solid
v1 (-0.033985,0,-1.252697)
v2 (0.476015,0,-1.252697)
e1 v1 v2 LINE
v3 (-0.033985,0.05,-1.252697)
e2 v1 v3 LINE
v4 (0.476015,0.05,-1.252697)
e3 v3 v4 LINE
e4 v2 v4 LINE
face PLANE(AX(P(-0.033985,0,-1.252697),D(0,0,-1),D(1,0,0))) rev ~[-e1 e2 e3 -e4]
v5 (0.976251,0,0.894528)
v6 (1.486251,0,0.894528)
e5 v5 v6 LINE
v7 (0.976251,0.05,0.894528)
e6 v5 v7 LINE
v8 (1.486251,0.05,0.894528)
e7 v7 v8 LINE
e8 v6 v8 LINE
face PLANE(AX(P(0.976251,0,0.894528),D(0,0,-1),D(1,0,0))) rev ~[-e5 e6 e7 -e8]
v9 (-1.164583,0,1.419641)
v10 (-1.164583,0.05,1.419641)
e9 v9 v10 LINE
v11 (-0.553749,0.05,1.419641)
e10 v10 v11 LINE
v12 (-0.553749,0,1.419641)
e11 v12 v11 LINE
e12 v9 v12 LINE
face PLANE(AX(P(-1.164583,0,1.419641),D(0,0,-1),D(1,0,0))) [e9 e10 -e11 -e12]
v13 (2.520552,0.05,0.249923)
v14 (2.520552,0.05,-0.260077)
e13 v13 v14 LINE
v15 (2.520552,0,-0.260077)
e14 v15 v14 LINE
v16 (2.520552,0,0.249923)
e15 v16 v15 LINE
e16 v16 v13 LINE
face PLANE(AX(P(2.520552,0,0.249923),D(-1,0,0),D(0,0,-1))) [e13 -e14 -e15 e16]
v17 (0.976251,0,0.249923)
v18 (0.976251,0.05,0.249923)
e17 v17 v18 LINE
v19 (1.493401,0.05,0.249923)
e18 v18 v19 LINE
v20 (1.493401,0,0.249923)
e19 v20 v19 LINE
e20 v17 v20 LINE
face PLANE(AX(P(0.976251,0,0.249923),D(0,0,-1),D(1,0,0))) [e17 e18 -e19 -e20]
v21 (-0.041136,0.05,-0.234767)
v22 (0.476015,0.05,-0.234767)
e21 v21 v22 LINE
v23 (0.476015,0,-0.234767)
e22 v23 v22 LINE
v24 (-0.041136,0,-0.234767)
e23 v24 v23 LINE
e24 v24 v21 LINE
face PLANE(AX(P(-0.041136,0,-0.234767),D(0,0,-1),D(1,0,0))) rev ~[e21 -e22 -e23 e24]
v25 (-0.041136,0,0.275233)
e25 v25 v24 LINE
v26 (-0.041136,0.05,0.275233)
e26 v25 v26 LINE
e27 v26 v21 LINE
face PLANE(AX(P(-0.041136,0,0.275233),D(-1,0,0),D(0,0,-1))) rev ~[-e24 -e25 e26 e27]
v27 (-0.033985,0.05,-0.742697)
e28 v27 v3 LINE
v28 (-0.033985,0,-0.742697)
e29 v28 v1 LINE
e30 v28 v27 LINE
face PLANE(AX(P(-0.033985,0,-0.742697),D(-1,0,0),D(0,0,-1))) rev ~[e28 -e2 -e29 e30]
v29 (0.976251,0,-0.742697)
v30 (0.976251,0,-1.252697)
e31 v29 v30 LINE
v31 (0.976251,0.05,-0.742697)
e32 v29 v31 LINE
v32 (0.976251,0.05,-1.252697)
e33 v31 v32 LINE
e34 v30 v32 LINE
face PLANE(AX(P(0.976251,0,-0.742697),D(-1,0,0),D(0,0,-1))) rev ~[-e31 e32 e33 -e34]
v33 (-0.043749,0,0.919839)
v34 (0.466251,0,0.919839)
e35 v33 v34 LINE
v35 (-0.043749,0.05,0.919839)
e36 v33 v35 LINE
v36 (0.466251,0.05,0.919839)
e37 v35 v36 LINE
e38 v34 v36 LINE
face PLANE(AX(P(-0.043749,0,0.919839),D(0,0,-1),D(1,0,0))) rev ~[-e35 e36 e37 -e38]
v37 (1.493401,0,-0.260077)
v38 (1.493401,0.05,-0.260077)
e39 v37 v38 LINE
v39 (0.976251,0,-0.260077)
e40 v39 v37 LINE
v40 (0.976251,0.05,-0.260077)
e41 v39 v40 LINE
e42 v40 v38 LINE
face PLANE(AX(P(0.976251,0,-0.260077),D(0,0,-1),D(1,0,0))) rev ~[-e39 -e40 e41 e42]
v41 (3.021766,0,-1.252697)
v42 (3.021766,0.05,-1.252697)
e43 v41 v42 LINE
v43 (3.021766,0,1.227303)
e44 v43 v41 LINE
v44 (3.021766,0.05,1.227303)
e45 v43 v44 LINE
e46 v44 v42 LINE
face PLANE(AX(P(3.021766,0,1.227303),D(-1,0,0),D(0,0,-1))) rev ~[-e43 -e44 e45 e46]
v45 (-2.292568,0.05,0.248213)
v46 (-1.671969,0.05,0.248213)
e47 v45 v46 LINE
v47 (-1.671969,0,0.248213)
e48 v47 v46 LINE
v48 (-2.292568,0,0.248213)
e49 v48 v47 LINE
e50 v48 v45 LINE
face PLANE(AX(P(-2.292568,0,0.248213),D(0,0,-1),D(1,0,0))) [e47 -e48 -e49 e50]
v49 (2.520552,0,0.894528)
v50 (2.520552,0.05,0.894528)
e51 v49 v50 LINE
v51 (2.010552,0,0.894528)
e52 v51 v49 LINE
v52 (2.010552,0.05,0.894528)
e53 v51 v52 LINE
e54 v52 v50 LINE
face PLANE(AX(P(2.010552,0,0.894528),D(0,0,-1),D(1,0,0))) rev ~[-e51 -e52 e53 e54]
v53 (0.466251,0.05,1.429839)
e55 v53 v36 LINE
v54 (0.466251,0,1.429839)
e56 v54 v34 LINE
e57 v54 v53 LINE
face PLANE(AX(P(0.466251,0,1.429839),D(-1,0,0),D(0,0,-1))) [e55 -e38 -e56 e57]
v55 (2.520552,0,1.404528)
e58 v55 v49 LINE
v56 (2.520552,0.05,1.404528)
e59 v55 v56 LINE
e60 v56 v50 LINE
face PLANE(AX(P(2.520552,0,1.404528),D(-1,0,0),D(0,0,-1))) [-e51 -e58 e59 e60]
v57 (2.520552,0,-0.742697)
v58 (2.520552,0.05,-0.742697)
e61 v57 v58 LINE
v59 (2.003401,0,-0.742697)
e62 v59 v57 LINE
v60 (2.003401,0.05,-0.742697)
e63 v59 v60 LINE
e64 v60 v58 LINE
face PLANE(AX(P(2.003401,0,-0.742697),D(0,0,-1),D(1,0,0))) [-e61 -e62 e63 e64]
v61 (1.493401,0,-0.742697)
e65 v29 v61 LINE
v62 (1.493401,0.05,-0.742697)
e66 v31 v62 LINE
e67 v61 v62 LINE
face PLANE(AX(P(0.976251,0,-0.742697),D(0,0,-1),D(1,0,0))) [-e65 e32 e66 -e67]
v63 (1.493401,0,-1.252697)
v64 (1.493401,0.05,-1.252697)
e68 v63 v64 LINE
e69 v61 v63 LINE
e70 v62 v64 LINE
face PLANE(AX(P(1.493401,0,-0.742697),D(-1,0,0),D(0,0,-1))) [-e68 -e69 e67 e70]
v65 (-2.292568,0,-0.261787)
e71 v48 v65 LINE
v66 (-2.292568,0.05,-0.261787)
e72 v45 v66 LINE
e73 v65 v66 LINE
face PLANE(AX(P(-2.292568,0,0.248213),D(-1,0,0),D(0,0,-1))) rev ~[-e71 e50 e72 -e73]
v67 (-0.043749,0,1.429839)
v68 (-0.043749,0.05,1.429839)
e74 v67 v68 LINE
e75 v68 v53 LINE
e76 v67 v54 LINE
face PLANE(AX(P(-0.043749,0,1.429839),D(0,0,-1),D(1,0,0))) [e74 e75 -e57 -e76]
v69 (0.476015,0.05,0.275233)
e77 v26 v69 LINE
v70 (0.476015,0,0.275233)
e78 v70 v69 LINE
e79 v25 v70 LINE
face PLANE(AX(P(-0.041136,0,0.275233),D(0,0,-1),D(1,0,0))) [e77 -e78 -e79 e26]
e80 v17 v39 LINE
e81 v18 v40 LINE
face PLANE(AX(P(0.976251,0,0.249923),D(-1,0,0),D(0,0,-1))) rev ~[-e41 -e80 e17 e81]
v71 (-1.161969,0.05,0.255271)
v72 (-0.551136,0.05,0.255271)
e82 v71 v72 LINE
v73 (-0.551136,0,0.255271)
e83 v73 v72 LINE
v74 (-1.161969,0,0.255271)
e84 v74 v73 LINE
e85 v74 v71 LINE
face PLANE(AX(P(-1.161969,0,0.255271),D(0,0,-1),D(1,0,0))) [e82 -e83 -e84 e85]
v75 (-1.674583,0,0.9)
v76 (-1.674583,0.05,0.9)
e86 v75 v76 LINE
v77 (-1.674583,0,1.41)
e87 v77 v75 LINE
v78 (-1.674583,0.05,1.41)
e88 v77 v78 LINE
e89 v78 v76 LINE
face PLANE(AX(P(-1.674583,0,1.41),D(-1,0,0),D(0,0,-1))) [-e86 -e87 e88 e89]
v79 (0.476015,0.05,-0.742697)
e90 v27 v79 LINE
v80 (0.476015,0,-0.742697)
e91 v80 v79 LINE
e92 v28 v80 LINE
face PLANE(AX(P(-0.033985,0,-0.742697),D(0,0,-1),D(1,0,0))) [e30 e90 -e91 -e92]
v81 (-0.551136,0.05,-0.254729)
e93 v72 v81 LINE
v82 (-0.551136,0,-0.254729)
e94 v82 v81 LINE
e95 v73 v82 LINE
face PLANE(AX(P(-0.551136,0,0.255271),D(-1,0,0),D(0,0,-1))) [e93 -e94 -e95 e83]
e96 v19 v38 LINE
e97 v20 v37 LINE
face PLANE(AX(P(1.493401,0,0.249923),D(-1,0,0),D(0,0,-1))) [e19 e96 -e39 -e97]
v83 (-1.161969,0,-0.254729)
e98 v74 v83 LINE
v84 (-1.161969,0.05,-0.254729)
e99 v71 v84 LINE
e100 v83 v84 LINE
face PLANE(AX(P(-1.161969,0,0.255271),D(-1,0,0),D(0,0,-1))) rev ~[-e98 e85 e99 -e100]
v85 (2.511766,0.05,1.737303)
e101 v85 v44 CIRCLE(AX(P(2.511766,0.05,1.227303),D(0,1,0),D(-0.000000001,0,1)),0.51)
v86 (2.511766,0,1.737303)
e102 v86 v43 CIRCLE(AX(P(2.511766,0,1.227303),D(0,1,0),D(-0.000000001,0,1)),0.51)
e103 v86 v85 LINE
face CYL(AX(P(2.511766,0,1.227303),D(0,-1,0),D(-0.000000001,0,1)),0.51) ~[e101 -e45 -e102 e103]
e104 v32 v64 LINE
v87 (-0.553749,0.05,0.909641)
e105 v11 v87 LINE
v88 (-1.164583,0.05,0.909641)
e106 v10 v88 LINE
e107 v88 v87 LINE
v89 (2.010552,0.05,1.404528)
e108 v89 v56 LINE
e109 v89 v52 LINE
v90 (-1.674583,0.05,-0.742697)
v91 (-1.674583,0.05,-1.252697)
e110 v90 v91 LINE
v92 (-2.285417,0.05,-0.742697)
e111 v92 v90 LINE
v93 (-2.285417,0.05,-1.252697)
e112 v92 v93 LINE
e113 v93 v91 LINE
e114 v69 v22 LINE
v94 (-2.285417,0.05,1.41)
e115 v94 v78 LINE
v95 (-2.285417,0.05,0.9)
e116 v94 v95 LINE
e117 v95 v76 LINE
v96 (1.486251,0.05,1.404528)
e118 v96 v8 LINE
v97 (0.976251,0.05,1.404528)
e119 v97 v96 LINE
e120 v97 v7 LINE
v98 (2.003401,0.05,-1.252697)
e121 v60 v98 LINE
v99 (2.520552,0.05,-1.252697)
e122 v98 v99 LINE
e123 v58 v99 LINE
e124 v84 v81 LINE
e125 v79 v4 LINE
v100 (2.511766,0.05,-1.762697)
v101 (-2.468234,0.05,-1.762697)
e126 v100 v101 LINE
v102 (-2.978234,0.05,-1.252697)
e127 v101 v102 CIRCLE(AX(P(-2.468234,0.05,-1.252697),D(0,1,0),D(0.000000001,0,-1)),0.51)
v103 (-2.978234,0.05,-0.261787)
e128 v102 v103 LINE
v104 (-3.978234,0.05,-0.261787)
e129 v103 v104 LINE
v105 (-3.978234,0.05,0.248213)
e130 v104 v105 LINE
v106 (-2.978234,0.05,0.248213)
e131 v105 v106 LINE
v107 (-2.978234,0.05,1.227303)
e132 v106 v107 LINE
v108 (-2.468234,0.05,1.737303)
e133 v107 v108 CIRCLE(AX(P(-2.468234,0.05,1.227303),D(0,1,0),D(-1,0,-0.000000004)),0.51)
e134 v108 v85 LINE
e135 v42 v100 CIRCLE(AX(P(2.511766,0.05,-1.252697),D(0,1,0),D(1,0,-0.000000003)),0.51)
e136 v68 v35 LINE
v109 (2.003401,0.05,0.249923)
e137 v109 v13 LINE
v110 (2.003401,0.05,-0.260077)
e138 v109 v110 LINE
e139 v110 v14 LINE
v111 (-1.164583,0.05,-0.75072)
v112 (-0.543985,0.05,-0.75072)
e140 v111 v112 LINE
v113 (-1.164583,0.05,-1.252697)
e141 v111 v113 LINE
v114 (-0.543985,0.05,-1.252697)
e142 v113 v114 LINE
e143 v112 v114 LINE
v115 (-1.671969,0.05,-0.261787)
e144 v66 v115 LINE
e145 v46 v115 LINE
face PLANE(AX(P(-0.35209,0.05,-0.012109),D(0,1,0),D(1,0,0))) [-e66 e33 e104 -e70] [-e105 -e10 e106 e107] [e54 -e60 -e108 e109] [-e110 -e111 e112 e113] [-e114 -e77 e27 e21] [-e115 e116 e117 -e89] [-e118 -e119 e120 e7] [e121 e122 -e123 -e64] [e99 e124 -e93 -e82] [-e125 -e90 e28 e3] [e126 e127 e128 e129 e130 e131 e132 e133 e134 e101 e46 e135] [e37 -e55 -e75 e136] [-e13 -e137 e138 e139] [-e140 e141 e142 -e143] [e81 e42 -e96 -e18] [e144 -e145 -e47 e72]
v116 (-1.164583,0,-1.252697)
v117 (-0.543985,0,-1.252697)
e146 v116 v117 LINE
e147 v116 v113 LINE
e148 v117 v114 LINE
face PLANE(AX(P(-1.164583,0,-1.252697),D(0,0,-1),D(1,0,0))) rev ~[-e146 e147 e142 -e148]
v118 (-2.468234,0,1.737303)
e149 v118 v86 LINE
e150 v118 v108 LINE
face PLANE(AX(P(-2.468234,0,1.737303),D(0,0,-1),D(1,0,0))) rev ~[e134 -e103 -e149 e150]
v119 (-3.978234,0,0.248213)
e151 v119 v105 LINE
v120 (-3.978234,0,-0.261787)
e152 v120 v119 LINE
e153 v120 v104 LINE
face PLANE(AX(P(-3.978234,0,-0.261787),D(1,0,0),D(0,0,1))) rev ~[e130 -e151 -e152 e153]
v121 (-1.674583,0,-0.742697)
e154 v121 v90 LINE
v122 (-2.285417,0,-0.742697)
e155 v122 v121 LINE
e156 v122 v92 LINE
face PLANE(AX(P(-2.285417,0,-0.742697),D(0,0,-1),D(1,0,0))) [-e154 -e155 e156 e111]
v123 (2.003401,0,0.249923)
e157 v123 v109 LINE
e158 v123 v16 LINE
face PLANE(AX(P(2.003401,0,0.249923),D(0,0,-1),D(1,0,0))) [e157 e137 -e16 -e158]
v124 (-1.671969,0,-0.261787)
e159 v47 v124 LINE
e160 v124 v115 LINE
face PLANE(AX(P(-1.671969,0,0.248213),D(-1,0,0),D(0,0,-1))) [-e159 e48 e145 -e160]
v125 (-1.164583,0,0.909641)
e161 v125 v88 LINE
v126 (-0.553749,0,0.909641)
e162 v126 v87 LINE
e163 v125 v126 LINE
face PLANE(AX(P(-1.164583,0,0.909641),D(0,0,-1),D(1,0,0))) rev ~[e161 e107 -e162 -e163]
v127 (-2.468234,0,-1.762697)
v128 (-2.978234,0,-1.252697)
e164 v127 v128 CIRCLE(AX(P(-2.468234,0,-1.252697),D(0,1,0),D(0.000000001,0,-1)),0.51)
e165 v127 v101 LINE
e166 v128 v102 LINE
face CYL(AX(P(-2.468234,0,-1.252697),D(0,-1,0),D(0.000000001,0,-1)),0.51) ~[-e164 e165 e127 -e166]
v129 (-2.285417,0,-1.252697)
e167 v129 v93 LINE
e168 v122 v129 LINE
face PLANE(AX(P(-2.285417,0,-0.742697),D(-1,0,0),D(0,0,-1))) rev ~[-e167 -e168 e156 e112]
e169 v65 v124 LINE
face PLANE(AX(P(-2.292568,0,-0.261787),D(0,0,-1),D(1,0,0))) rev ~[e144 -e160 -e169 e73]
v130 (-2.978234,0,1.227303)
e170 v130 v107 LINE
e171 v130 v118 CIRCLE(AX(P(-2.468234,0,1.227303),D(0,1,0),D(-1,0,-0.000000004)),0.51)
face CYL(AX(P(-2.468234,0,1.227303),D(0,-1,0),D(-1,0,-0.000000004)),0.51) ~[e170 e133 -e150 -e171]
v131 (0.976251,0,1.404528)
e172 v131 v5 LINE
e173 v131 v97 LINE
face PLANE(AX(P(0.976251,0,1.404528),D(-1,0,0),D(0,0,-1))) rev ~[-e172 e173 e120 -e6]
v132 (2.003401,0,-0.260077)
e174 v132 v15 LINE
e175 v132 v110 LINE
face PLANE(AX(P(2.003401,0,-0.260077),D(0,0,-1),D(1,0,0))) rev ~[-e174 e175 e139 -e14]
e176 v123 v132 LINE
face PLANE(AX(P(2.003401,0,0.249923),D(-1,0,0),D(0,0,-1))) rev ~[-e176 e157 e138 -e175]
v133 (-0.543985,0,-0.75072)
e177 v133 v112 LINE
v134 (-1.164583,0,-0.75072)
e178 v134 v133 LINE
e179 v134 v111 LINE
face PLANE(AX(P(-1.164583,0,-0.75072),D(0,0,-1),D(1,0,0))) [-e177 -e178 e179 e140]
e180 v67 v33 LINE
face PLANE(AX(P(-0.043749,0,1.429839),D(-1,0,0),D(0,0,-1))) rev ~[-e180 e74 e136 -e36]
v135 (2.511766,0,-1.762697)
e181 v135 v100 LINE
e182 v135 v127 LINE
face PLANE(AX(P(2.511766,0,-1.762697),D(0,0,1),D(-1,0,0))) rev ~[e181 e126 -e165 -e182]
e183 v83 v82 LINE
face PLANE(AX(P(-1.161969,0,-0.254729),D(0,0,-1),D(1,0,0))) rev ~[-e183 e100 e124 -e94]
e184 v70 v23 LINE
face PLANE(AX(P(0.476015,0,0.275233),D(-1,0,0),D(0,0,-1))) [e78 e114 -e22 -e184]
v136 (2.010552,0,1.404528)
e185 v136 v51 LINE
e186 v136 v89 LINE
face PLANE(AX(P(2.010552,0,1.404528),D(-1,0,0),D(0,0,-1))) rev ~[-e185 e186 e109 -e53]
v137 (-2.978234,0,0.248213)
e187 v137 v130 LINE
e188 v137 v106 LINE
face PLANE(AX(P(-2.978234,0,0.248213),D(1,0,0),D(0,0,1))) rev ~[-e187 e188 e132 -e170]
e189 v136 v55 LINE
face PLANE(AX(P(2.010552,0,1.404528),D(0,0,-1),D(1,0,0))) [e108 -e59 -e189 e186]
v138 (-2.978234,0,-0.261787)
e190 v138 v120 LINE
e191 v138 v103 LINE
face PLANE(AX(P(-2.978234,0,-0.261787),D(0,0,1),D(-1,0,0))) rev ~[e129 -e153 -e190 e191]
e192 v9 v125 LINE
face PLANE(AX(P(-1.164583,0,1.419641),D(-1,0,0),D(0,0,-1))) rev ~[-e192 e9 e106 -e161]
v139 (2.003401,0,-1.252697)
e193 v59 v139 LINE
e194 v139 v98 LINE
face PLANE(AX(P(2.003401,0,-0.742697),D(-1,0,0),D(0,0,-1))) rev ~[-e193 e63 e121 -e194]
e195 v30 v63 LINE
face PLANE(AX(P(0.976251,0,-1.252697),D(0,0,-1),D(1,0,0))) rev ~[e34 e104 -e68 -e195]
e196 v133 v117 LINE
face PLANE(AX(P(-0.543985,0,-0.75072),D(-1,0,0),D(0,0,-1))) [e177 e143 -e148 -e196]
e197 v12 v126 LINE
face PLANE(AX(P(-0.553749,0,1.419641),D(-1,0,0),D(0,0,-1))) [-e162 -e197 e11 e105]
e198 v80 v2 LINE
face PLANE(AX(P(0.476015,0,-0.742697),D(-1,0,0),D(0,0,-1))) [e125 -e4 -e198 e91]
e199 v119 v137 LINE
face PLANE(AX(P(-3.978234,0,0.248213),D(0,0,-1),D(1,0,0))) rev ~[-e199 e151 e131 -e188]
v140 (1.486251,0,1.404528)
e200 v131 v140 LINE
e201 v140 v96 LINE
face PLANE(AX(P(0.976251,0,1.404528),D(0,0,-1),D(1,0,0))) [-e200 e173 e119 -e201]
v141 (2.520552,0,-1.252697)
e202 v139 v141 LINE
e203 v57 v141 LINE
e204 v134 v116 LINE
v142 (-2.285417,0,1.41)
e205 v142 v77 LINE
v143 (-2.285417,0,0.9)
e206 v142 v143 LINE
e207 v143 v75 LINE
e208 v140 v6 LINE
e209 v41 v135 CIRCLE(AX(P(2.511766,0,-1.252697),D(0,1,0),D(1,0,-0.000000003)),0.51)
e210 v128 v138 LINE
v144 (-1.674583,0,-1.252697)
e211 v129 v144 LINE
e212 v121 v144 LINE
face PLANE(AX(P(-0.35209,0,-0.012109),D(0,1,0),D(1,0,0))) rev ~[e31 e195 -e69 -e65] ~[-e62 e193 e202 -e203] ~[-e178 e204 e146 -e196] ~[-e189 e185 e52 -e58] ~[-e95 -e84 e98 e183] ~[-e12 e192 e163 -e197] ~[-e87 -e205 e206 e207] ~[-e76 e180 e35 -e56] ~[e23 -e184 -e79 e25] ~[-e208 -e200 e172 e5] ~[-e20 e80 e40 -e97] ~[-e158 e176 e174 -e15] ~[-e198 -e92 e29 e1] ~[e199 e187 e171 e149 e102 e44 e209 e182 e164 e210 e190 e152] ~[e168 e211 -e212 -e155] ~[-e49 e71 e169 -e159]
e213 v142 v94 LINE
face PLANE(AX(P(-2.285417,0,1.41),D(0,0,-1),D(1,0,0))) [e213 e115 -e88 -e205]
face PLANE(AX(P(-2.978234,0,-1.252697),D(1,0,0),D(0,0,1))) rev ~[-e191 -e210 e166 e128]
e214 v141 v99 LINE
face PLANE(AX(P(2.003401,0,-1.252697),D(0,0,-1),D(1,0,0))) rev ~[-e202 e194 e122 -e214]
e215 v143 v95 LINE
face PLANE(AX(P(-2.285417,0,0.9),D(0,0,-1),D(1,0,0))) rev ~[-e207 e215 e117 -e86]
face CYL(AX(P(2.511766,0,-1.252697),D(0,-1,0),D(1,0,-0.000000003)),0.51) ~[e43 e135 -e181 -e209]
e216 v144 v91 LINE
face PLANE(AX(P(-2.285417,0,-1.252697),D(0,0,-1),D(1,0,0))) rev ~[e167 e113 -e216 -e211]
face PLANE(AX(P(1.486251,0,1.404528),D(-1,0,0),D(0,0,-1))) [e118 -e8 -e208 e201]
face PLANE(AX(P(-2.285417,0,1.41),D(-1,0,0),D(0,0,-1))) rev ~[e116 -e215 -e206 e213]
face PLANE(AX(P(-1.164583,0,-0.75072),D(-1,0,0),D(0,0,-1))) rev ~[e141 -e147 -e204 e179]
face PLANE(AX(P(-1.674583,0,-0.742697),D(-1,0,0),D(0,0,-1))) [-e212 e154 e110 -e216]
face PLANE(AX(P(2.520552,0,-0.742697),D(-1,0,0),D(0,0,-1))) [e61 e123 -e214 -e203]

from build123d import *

# Parameters (mm, degrees)
SKETCH5_W           = 0.517150716
SKETCH5_H           = 0.51
SKETCH5_W_2         = 0.610833794
SKETCH5_W_3         = 0.62059831
SKETCH5_H_2         = 0.501976926
SKETCH5_W_4         = 0.610833795
SKETCH5_W_5         = 0.51
SKETCH5_W_6         = 0.517150715
BOSS_EXTRUDE1_DEPTH = 0.05


with BuildPart() as part:
    # Sketch5 → Boss-Extrude1 (new body)
    with BuildSketch(Plane(origin=(0, 0, 0), x_dir=(1, 0, 0), z_dir=(0, 1, 0))):
        with BuildLine():
            Line((-2.46823367, -1.737302974), (2.51176633, -1.737302974))
            ThreePointArc((2.51176633, -1.737302974), (2.872390788, -1.587927433), (3.02176633, -1.227302974))
            Line((3.02176633, -1.227302974), (3.02176633, 1.252697026))
            ThreePointArc((3.02176633, 1.252697026), (2.872390788, 1.613321484), (2.51176633, 1.762697026))
            Line((2.51176633, 1.762697026), (-2.46823367, 1.762697026))
            ThreePointArc((-2.46823367, 1.762697026), (-2.828858129, 1.613321484), (-2.97823367, 1.252697026))
            Line((-2.97823367, 1.252697026), (-2.97823367, 0.261786557))
            Line((-2.97823367, 0.261786557), (-3.97823367, 0.261786557))
            Line((-3.97823367, 0.261786557), (-3.97823367, -0.248213443))
            Line((-3.97823367, -0.248213443), (-2.97823367, -0.248213443))
            Line((-2.97823367, -0.248213443), (-2.97823367, -1.227302974))
            ThreePointArc((-2.97823367, -1.227302974), (-2.828858129, -1.587927433), (-2.46823367, -1.737302974))
        make_face()
        with Locations((0.217439849, -0.020233416)):
            Rectangle(SKETCH5_W, SKETCH5_H, mode=Mode.SUBTRACT)
        with Locations((-1.98, 0.997697026)):
            Rectangle(SKETCH5_W_2, SKETCH5_H, mode=Mode.SUBTRACT)
        with Locations((-1.98, -1.155)):
            Rectangle(SKETCH5_W_2, SKETCH5_H, mode=Mode.SUBTRACT)
        with Locations((-1.982268458, 0.006786557)):
            Rectangle(SKETCH5_W_3, SKETCH5_H, mode=Mode.SUBTRACT)
        with Locations((-0.856552406, -0.000270924)):
            Rectangle(SKETCH5_W_2, SKETCH5_H, mode=Mode.SUBTRACT)
        with Locations((-0.854283948, 1.001708563)):
            Rectangle(SKETCH5_W_3, SKETCH5_H_2, mode=Mode.SUBTRACT)
        with Locations((-0.859166206, -1.164640938)):
            Rectangle(SKETCH5_W_4, SKETCH5_H, mode=Mode.SUBTRACT)
        with Locations((0.221015207, 0.997697026)):
            Rectangle(SKETCH5_W_5, SKETCH5_H, mode=Mode.SUBTRACT)
        with Locations((0.211250692, -1.174838915)):
            Rectangle(SKETCH5_W_5, SKETCH5_H, mode=Mode.SUBTRACT)
        with Locations((2.265552123, -1.149528229)):
            Rectangle(SKETCH5_W_5, SKETCH5_H, mode=Mode.SUBTRACT)
        with Locations((1.23482605, 0.00507727)):
            Rectangle(SKETCH5_W_6, SKETCH5_H, mode=Mode.SUBTRACT)
        with Locations((1.23482605, 0.997697026)):
            Rectangle(SKETCH5_W_6, SKETCH5_H, mode=Mode.SUBTRACT)
        with Locations((1.231250692, -1.149528229)):
            Rectangle(SKETCH5_W_5, SKETCH5_H, mode=Mode.SUBTRACT)
        with Locations((2.261976765, 0.00507727)):
            Rectangle(SKETCH5_W, SKETCH5_H, mode=Mode.SUBTRACT)
        with Locations((2.261976765, 0.997697026)):
            Rectangle(SKETCH5_W, SKETCH5_H, mode=Mode.SUBTRACT)
    extrude(amount=BOSS_EXTRUDE1_DEPTH)


solid = part.part
